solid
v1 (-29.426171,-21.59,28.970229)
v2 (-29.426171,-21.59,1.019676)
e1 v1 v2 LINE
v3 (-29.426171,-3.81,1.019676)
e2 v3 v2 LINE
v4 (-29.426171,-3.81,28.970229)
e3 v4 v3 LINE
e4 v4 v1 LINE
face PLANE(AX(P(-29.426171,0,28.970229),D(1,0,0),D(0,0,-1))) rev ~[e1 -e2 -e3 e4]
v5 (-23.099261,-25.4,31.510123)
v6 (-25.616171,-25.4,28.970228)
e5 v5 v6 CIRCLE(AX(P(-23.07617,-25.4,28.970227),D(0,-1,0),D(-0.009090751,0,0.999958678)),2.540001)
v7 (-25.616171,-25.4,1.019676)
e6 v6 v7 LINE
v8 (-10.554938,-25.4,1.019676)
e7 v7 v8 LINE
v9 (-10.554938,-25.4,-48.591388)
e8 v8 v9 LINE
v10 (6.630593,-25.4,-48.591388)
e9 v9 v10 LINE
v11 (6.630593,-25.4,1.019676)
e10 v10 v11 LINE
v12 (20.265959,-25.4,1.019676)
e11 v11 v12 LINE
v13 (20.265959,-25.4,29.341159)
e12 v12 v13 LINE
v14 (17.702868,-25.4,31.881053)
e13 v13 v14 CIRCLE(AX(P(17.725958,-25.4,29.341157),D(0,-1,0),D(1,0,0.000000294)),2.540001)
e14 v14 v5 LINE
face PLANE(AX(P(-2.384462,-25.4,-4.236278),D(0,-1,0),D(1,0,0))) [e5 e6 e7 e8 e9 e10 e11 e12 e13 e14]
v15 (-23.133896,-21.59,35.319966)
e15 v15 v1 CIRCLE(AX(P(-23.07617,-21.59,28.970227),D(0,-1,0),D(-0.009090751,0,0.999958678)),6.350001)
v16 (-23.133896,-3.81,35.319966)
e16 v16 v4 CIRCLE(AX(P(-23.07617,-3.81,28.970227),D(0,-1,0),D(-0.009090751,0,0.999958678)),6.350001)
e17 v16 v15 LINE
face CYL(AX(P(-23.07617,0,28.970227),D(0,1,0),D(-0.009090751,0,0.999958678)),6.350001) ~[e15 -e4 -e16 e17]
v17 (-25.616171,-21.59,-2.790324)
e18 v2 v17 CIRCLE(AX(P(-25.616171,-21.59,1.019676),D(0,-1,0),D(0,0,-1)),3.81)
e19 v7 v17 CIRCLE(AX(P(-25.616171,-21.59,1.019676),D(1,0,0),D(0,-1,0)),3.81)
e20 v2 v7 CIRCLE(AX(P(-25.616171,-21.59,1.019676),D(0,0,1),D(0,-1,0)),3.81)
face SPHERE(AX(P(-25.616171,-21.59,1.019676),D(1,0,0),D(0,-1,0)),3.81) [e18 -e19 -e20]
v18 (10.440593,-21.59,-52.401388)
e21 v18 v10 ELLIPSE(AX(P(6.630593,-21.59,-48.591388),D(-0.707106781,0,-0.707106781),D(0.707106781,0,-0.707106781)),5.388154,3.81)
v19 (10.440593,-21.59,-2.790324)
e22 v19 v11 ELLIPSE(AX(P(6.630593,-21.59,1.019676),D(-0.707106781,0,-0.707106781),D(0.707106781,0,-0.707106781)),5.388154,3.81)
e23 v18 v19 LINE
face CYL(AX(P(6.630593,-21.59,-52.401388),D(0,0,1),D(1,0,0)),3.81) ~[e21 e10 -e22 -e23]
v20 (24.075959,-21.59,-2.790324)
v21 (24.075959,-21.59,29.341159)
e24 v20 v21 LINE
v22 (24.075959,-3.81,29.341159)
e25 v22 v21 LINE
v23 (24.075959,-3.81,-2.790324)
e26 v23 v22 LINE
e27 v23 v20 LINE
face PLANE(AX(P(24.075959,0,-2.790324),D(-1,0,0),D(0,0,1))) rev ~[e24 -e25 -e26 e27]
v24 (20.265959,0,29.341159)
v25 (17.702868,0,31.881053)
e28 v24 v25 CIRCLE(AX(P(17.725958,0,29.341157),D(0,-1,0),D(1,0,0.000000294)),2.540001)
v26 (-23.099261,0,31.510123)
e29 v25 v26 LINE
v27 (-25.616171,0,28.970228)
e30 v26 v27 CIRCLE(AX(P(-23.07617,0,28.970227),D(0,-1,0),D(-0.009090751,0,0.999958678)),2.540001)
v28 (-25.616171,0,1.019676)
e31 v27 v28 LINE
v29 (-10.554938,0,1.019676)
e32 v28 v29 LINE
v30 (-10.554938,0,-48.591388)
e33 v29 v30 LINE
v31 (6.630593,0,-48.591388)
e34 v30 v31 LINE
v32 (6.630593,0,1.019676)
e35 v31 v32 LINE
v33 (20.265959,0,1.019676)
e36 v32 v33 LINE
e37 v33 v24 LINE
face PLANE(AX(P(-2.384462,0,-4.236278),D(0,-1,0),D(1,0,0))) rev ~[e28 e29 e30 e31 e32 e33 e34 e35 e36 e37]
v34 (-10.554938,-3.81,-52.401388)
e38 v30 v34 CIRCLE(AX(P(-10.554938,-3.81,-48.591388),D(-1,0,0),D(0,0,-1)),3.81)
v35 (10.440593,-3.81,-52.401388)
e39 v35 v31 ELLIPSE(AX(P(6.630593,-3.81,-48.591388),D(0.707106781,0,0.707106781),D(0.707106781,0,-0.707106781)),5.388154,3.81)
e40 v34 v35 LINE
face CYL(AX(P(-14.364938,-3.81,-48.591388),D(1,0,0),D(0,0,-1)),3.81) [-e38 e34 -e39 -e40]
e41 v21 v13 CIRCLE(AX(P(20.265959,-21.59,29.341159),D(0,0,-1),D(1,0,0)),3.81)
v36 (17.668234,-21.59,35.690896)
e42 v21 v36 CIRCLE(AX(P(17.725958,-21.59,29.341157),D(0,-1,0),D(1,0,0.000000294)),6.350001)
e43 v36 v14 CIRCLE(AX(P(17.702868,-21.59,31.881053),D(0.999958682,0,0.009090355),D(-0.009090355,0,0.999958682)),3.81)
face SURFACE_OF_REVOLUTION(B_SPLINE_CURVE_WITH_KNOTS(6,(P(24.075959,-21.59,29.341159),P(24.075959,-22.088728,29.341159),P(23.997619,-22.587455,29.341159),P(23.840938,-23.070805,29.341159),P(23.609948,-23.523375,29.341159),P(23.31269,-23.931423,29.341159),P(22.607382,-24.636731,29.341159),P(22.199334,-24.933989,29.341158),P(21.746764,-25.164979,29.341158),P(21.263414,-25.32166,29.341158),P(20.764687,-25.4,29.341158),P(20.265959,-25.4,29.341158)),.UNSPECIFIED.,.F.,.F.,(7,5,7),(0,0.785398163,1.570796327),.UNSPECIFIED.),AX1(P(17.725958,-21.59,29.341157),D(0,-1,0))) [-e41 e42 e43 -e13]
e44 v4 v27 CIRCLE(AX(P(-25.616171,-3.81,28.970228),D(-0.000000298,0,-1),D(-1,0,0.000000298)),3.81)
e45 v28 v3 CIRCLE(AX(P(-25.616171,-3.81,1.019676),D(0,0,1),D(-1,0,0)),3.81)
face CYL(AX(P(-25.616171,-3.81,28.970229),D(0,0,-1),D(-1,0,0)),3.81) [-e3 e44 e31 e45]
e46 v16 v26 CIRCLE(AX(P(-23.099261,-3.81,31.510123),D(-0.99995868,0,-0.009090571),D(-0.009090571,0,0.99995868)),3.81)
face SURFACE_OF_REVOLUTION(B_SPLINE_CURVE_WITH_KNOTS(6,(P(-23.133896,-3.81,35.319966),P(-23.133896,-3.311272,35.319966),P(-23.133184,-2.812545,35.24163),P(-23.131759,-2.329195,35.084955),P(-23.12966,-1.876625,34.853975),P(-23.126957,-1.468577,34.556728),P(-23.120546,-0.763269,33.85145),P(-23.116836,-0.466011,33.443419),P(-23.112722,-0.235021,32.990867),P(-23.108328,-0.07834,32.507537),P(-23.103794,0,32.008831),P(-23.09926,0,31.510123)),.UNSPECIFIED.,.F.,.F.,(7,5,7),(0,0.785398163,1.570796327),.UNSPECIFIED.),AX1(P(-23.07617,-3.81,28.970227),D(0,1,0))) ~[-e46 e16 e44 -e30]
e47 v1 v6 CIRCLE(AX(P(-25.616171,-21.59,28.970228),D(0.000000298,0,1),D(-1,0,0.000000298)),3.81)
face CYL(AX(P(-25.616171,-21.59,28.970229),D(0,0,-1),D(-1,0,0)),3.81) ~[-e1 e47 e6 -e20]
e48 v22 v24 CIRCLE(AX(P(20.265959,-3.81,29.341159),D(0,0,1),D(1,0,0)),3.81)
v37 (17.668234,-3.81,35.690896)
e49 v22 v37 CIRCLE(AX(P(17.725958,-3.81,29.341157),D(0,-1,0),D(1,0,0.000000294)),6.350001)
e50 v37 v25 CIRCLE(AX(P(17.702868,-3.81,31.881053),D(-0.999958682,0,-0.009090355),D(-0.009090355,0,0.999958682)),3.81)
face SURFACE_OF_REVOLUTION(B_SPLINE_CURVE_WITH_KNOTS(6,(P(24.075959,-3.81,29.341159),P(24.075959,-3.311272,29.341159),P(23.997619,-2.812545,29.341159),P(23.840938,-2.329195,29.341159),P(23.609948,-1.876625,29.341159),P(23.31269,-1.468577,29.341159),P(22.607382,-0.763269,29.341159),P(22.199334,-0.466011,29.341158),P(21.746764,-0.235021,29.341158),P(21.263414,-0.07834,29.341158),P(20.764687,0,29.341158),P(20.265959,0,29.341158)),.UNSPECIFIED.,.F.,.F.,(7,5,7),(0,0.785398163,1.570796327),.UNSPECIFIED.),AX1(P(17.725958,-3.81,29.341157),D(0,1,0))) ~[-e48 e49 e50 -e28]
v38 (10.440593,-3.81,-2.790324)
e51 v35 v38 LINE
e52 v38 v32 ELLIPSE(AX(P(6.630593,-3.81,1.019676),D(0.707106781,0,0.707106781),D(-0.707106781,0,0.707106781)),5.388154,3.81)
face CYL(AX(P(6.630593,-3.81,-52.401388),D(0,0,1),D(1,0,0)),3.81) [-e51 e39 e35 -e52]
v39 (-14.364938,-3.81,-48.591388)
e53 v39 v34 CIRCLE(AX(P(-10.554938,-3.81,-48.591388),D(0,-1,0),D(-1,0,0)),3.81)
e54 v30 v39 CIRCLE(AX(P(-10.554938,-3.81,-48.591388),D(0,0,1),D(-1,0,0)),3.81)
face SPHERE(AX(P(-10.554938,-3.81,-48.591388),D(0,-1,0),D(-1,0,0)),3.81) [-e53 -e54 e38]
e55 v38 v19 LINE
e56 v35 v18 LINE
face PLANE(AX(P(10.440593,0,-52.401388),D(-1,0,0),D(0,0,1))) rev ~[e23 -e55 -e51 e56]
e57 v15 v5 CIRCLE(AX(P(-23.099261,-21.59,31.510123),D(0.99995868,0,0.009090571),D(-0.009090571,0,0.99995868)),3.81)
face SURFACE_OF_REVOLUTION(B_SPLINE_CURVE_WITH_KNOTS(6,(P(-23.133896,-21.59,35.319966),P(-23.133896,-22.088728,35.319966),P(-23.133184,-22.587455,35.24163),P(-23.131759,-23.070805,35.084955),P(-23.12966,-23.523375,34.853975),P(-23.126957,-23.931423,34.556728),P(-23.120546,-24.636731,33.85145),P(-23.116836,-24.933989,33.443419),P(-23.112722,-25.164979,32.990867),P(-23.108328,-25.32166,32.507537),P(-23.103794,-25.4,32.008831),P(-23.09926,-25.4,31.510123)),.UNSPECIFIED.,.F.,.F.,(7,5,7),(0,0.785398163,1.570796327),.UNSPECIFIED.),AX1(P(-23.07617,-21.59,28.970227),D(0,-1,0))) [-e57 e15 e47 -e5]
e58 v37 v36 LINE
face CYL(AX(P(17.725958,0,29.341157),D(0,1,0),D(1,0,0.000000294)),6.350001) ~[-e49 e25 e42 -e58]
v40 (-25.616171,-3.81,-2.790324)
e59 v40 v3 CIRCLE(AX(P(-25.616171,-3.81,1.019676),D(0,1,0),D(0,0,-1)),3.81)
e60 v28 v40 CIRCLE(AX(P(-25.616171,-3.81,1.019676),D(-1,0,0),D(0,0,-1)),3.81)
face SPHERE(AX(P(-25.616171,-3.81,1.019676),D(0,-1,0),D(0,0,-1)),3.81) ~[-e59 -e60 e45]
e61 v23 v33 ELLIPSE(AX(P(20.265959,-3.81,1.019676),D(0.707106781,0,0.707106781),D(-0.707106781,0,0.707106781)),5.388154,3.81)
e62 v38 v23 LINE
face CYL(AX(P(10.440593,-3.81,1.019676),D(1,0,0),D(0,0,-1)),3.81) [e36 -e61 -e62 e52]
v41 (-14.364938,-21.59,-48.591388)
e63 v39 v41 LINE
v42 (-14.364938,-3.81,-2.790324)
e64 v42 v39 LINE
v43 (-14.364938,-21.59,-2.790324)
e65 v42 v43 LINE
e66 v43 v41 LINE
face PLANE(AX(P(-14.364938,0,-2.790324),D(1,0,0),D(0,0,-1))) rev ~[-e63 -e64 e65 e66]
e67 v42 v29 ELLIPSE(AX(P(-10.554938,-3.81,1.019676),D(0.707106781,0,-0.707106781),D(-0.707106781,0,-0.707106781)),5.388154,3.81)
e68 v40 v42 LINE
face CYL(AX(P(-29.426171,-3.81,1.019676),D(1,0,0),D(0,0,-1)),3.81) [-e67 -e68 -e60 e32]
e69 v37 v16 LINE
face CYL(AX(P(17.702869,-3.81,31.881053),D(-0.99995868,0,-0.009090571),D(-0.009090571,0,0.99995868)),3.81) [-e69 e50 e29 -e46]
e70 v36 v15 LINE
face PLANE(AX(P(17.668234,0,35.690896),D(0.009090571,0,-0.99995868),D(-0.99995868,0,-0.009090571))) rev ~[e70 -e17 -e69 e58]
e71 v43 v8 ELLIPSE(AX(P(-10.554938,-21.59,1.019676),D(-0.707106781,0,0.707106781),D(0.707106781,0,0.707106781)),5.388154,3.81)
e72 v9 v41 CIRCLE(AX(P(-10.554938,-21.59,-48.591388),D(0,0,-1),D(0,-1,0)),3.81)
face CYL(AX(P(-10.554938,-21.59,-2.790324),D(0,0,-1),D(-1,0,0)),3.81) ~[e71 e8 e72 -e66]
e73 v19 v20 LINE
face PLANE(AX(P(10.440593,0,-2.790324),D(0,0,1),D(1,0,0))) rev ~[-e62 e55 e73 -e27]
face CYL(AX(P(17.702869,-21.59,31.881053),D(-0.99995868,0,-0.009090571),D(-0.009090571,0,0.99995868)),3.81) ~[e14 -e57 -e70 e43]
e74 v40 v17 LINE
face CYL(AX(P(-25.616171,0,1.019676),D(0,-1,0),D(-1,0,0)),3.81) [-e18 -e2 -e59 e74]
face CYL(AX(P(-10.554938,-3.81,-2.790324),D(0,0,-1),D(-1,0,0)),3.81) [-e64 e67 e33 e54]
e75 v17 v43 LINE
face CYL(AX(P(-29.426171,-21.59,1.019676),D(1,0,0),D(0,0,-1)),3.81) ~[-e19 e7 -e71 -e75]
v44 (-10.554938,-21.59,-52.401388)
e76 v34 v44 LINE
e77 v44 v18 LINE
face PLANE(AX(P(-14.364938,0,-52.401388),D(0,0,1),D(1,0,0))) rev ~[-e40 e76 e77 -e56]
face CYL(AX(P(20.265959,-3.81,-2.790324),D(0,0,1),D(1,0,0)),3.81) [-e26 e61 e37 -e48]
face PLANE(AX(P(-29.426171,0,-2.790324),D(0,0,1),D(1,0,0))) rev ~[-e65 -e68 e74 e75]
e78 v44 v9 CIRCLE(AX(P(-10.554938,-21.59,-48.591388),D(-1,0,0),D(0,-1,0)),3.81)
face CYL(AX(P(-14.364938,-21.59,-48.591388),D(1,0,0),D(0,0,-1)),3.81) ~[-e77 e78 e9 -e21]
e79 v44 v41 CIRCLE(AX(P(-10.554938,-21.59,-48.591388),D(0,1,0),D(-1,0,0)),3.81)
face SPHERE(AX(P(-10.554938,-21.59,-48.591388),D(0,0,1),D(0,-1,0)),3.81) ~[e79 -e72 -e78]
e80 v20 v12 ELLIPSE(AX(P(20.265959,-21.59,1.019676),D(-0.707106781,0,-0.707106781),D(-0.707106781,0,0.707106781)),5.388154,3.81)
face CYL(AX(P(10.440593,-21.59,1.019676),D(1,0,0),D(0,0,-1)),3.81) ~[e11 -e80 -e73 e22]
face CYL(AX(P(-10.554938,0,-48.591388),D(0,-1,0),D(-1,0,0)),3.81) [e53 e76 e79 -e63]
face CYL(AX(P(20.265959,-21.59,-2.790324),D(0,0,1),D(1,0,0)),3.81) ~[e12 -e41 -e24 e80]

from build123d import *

# Parameters (mm, degrees)
F1_DEPTH = 25.4
F2_R     = 3.81


with BuildPart() as f1:
    # F0 (on Front) → F1 (new body)
    with BuildSketch(Plane.XZ):
        with BuildLine():
            Line((-19.715151, -2.790324), (-14.364938, -2.790324))
            Line((-14.364938, -2.790324), (-14.364938, -52.401388))
            Line((-14.364938, -52.401388), (5.090383, -52.401388))
            Line((5.090383, -52.401388), (10.440593, -52.401388))
            Line((10.440593, -52.401388), (10.440593, -2.790324))
            Line((10.440593, -2.790324), (24.075959, -2.790324))
            Line((24.075959, -2.790324), (24.075959, 29.341159))
            ThreePointArc((24.075959, 29.341159), (22.195631, 33.851649), (17.668234, 35.690896))
            Line((17.668234, 35.690896), (-23.133896, 35.319966))
            ThreePointArc((-23.133896, 35.319966), (-27.586661, 33.439901), (-29.426171, 28.970229))
            Line((-29.426171, 28.970229), (-29.426171, 0))
            Line((-29.426171, 0), (-29.426171, -2.790324))
            Line((-29.426171, -2.790324), (-24.092596, -2.790324))
            Line((-24.092596, -2.790324), (-19.715151, -2.790324))
        make_face()
    extrude(amount=F1_DEPTH)

    # F2
    f2_edges = [f1.edges().sort_by_distance(p)[0] for p in [
        (-21.895554, -25.4, -2.790324),
        (-29.426171, -25.4, 13.089953),
        (17.258276, -25.4, -2.790324),
        (-14.364938, -25.4, -27.595856),
        (-27.586661, -25.4, 33.439901),
        (-1.962172, -25.4, -52.401388),
        (10.440593, -25.4, -27.595856),
        (24.075959, -25.4, 13.275418),
        (22.195631, -25.4, 33.851649),
        (-2.732831, -25.4, 35.505431),
        (-14.364938, -12.7, -52.401388),
        (-14.364938, 0, -27.595856),
        (-29.426171, -12.7, -2.790324),
        (-21.895554, 0, -2.790324),
        (-29.426171, 0, 13.089953),
        (-27.586661, 0, 33.439901),
        (-1.962172, 0, -52.401388),
        (10.440593, 0, -27.595856),
        (17.258276, 0, -2.790324),
        (24.075959, 0, 13.275418),
        (22.195631, 0, 33.851649),
        (-2.732831, 0, 35.505431),
    ]]
    fillet(f2_edges, radius=F2_R)


solid = f1.part
